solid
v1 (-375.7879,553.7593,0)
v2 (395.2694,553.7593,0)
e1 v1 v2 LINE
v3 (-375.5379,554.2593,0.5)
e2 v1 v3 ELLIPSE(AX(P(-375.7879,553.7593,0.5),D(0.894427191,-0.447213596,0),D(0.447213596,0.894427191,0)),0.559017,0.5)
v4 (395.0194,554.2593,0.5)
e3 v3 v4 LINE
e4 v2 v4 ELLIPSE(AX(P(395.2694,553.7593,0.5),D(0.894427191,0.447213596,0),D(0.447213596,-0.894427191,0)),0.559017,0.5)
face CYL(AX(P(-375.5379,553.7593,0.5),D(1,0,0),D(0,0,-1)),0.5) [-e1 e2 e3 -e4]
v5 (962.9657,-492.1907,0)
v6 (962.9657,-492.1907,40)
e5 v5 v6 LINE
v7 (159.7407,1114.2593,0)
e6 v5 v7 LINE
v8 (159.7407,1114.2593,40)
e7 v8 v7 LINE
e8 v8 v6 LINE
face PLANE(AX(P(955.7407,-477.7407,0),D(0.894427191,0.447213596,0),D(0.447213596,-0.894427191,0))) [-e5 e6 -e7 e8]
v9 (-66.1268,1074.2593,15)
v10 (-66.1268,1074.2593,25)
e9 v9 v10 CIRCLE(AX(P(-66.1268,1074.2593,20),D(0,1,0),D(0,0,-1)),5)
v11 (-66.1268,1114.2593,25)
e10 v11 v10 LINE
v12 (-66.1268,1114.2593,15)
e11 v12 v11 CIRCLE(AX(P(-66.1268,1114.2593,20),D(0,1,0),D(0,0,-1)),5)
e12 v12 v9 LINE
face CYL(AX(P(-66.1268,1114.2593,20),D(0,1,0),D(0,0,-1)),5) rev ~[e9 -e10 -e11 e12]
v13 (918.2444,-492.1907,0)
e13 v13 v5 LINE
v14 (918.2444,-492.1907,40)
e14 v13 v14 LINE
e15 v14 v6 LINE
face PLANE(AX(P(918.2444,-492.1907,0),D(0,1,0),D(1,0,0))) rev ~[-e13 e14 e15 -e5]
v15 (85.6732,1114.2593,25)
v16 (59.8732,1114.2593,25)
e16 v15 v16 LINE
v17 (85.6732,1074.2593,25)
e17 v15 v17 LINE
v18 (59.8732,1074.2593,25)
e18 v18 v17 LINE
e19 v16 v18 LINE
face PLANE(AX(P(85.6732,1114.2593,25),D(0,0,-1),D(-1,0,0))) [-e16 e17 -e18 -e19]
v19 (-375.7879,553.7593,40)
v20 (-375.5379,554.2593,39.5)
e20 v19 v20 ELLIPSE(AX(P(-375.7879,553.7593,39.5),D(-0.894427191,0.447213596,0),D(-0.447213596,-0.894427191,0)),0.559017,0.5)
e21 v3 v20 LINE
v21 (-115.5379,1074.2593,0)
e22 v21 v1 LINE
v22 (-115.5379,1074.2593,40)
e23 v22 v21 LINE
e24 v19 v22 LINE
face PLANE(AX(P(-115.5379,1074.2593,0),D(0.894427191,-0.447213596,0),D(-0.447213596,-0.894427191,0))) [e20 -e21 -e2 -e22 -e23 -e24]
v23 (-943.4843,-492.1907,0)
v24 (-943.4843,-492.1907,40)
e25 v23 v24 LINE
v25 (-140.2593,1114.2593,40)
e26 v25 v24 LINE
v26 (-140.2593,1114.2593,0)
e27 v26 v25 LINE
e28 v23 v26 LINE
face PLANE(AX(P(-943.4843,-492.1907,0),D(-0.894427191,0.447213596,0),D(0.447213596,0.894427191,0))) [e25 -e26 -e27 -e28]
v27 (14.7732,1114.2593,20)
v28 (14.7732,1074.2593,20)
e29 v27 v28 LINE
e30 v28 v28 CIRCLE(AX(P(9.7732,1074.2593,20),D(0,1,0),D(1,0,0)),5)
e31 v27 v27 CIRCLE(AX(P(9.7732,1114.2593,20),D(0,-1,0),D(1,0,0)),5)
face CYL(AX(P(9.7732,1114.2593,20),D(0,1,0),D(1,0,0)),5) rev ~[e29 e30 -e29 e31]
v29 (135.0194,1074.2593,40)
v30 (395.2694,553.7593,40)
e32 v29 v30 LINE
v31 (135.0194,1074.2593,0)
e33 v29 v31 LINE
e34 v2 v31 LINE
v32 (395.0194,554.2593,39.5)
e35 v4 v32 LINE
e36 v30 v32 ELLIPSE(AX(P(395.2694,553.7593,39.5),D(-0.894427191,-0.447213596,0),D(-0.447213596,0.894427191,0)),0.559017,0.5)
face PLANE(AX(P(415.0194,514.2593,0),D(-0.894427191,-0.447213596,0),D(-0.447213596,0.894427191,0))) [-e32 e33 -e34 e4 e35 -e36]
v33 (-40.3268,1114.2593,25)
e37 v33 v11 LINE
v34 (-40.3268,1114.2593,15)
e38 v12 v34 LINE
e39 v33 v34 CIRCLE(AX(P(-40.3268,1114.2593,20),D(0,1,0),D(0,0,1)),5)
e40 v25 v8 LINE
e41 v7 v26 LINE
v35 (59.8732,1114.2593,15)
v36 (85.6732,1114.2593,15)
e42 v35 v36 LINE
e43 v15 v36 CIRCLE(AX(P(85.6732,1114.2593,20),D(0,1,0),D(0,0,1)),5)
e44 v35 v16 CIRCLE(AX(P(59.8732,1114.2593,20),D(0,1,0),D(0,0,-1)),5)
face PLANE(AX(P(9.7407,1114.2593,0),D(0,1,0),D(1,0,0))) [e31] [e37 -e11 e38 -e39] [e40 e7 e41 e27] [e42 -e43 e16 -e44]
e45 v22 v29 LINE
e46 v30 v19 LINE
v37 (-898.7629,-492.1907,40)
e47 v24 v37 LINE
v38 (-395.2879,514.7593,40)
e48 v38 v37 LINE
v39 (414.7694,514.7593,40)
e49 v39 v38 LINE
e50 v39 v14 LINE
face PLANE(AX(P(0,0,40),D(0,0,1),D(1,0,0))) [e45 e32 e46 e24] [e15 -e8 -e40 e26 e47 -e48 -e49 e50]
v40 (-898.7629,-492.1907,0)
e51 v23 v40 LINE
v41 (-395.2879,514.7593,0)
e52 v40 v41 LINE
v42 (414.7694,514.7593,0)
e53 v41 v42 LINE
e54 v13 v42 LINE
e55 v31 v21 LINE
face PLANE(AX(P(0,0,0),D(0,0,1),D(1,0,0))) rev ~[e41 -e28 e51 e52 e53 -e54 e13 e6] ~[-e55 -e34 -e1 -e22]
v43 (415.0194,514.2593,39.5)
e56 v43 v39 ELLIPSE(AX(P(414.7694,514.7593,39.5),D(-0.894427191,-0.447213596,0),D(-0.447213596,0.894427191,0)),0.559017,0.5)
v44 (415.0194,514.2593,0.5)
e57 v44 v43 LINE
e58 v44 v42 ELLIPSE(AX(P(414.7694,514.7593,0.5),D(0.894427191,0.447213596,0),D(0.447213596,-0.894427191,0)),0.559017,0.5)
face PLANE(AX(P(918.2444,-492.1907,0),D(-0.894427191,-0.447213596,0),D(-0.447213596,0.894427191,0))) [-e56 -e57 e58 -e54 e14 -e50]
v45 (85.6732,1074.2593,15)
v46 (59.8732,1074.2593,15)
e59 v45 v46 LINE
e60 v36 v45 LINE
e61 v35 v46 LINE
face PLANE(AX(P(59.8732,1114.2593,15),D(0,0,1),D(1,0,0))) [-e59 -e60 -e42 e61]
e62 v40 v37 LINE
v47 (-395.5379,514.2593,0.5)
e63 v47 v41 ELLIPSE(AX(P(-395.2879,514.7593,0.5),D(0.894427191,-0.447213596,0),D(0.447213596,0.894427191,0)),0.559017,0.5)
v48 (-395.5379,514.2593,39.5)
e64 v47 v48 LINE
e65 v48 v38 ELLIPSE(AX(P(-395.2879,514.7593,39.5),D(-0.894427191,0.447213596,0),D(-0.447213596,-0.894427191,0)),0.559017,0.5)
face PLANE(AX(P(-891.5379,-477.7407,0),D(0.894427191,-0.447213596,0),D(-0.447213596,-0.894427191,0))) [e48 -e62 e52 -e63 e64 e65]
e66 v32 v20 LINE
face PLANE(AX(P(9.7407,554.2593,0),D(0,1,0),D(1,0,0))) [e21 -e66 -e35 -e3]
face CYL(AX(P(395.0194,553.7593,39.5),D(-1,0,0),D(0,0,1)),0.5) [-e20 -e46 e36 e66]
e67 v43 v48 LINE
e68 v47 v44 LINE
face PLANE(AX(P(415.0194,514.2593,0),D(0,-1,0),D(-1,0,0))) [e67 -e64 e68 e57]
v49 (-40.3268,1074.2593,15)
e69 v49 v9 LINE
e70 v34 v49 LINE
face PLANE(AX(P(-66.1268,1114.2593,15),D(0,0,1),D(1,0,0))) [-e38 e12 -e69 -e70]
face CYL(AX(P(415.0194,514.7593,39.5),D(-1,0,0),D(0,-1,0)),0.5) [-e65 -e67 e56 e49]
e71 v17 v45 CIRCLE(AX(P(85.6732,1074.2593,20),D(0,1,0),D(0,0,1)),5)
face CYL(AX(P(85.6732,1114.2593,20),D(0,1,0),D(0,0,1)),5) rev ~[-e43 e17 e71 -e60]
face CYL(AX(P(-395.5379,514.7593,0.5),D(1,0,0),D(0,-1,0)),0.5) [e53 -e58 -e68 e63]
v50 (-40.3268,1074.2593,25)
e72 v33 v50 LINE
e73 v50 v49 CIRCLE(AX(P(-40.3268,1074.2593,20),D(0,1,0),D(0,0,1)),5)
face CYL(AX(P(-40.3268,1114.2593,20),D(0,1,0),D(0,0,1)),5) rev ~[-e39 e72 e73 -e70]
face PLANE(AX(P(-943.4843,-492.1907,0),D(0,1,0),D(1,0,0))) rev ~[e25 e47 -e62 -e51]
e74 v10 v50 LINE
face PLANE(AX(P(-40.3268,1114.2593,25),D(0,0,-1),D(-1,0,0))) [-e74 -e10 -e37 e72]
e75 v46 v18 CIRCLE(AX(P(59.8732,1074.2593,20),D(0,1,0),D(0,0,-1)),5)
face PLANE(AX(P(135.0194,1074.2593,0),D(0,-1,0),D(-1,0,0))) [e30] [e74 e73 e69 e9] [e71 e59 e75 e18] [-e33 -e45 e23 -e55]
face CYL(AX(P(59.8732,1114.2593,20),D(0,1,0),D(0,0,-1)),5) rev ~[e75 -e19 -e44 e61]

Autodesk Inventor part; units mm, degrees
ref_plane "YZ Plane" through (0, 0, 0) normal (1, 0, 0) x (0, 1, 0)
ref_plane "XZ Plane" through (0, 0, 0) normal (0, 1, 0) x (-1, 0, 0)
ref_plane "XY Plane" through (0, 0, 0) normal (0, 0, 1) x (1, 0, 0)
sketch "Sketch1" plane through (0, 0, 0) normal (0, 0, 1) x (1, 0, 0)
  line L0 (9.7407, 1114.2593) -> (159.7407, 1114.2593)
  line L1 (9.7407, 1114.2593) -> (-140.2593, 1114.2593)
  line L2 (-943.4843, -492.1907) -> (-140.2593, 1114.2593)
  line L3 (159.7407, 1114.2593) -> (962.9657, -492.1907)
  line L4 (918.2444, -492.1907) -> (135.0194, 1074.2593)
  line L5 (135.0194, 1074.2593) -> (9.7407, 1074.2593)
  line L6 (9.7407, 1074.2593) -> (-115.5379, 1074.2593)
  line L7 (-115.5379, 1074.2593) -> (-898.7629, -492.1907)
  line L8 (9.7407, 554.2593) -> (395.0194, 554.2593)
  line L9 (9.7407, 554.2593) -> (-375.5379, 554.2593)
  line L10 (415.0194, 514.2593) -> (9.7407, 514.2593)
  line L11 (9.7407, 514.2593) -> (-395.5379, 514.2593)
  line L12 (-635.5379, 34.2593) -> (-680.2593, 34.2593)
  line L13 (9.7407, 34.2593) -> (9.7407, -477.7407)
  line L14 (-785.5379, -265.7407) -> (-830.2593, -265.7407)
  line L15 (-830.2593, -265.7407) -> (-785.5379, -265.7407)
  line L16 (911.0194, -477.7407) -> (955.7407, -477.7407)
  line L17 (955.7407, -477.7407) -> (911.0194, -477.7407)
  line L18 (-891.5379, -477.7407) -> (-936.2593, -477.7407)
  line L19 (918.2444, -492.1907) -> (962.9657, -492.1907)
  line L20 (-943.4843, -492.1907) -> (-898.7629, -492.1907)
  point P0 (0, 0)
  point P1 (655.0194, 34.2593)
  point P2 (699.7407, 34.2593)
  point P3 (-670.2593, 54.2593)
  dimension "d4" = 40
  dimension "d5" = 40
  dimension "d12" = 40
  dimension "d23" = 512
extrude "Extrusion1" add sketch "Sketch1" along normal blind 40 contours L0 L3 L16 L4 L5 L6 L7 L12 L2 L1
fillet "Fillet1" radius 0.5 7 edges at (-245.5379, 814.2593, 40) (-515.5379, 274.2593, 40) (72.3801, 1074.2593, 40) (265.0194, 814.2593, 40) (557.7407, 318.2593, 40) (-65.2593, 1114.2593, 40) (-410.2593, 574.2593, 40)
fillet "Fillet2" radius 0.5 7 edges at (-410.2593, 574.2593, 0) (-245.5379, 814.2593, 0) (-515.5379, 274.2593, 0) (72.3801, 1074.2593, 0) (84.7407, 1114.2593, 0) (557.7407, 318.2593, 0) (265.0194, 814.2593, 0)
extrude "Extrusion2" add sketch "Sketch1" along normal blind 40 contours L10 L11 L7 L9 L8 L4
fillet "Fillet3" radius 0.5 3 edges at (9.7407, 554.2593, 0) (212.3801, 514.2593, 0) (212.3801, 514.2593, 40)
fillet "Fillet4" radius 0.5 1 edges at (9.7407, 554.2593, 40)
sketch "Sketch2" plane through (-140.2593, 1114.2593, 39.5) normal (0, 1, 0) x (1, 0, 0)
  line L0 (298.84, 0.606) -> (0.309, 39.5)
  line L1 (299.691, 39.5) -> (0, 0)
  circle A0 centre (150.8669, 19.8846) radius 2.5
  point P0 (140.2593, 39.5)
  dimension "d17" = 5
extrude "Extrusion3" cut sketch "Sketch2" against normal blind 50
sketch "Sketch3" plane through (-140.2593, 1114.2593, 39.5) normal (0, 1, 0) x (1, 0, 0)
  point P0 (140.2593, 39.5)
sketch "Sketch4" plane through (-140.2593, 1114.2593, 39.5) normal (0, 1, 0) x (1, 0, 0)
  line L0 (226.7669, 24.5) -> (200.9669, 24.5) projected
  line L1 (226.7669, 24.5) -> (200.9669, 24.5) projected
  line L2 (200.9669, 14.5) -> (226.7669, 14.5) projected
  arc A0 (226.7669, 14.5) -> (226.7669, 24.5) centre (226.7669, 19.5) ccw projected
  arc A1 (200.9669, 24.5) -> (200.9669, 14.5) centre (200.9669, 19.5) ccw projected
  arc A2 (100.7669, 14.5) -> (100.7669, 24.5) centre (100.7669, 19.5) ccw projected
  line L3 (100.7669, 24.5) -> (74.9669, 24.5) projected
  line L4 (100.7669, 14.5) -> (74.9669, 14.5) projected
  arc A3 (74.9669, 24.5) -> (74.9669, 14.5) centre (74.9669, 19.5) ccw projected
  point P0 (140.2593, 39.5)
extrude "Extrusion4" cut sketch "Sketch4" against normal blind 50
extrude "Extrusion5" add sketch "Sketch1" along normal blind 40 contours L0 L3 L16 L4 L5 L6 L7 L12 L2 L1
extrude "Extrusion6" add sketch "Sketch1" along normal blind 40 contours L12 L7 L14 L2
extrude "Extrusion7" add sketch "Sketch1" along normal blind 40 contours L14 L7 L18 L2
extrude "Extrusion8" add sketch "Sketch1" along normal blind 40 contours L18 L7 L20 L2
extrude "Extrusion9" add sketch "Sketch1" along normal blind 40 contours L3 L19 L4 L16
sketch "Sketch5" plane through (-140.2593, 1114.2593, 0) normal (0, 1, 0) x (1, 0, 0)
  line L0 (535.5286, 0) -> (-235.5286, 0) projected
  line L1 (0.065, 0) -> (300, -40)
  line L2 (300, -40) -> (300, 0)
  line L3 (300, 0) -> (300, -40) projected
  line L4 (300, 0) -> (0.065, -40)
  circle A0 centre (150.0325, -20) radius 5
  point P0 (140.2593, 0)
  dimension "d38" = 10
extrude "Extrusion10" cut sketch "Sketch5" against normal blind 40 contours A0 L1 L4 | L4 L1 A0 | L1 L4 A0 | A0 L4 L1
sketch "Sketch6" plane through (-140.2593, 1114.2593, 0) normal (0, 1, 0) x (1, 0, 0)
  line L0 (225.9325, -25) -> (200.1325, -25) projected
  arc A0 (225.9325, -25) -> (225.9325, -15) centre (225.9325, -20) ccw projected
  line L1 (200.1325, -15) -> (225.9325, -15) projected
  arc A1 (200.1325, -15) -> (200.1325, -25) centre (200.1325, -20) ccw projected
  arc A2 (99.9325, -25) -> (99.9325, -15) centre (99.9325, -20) ccw projected
  line L2 (99.9325, -25) -> (74.1325, -25) projected
  arc A3 (74.1325, -15) -> (74.1325, -25) centre (74.1325, -20) ccw projected
  line L3 (74.1325, -15) -> (99.9325, -15) projected
  point P0 (140.2593, 0)
extrude "Extrusion11" cut sketch "Sketch6" against normal blind 50
properties part number "CAVALETE_SUPERIOR" material "SAE 1010/1020"
